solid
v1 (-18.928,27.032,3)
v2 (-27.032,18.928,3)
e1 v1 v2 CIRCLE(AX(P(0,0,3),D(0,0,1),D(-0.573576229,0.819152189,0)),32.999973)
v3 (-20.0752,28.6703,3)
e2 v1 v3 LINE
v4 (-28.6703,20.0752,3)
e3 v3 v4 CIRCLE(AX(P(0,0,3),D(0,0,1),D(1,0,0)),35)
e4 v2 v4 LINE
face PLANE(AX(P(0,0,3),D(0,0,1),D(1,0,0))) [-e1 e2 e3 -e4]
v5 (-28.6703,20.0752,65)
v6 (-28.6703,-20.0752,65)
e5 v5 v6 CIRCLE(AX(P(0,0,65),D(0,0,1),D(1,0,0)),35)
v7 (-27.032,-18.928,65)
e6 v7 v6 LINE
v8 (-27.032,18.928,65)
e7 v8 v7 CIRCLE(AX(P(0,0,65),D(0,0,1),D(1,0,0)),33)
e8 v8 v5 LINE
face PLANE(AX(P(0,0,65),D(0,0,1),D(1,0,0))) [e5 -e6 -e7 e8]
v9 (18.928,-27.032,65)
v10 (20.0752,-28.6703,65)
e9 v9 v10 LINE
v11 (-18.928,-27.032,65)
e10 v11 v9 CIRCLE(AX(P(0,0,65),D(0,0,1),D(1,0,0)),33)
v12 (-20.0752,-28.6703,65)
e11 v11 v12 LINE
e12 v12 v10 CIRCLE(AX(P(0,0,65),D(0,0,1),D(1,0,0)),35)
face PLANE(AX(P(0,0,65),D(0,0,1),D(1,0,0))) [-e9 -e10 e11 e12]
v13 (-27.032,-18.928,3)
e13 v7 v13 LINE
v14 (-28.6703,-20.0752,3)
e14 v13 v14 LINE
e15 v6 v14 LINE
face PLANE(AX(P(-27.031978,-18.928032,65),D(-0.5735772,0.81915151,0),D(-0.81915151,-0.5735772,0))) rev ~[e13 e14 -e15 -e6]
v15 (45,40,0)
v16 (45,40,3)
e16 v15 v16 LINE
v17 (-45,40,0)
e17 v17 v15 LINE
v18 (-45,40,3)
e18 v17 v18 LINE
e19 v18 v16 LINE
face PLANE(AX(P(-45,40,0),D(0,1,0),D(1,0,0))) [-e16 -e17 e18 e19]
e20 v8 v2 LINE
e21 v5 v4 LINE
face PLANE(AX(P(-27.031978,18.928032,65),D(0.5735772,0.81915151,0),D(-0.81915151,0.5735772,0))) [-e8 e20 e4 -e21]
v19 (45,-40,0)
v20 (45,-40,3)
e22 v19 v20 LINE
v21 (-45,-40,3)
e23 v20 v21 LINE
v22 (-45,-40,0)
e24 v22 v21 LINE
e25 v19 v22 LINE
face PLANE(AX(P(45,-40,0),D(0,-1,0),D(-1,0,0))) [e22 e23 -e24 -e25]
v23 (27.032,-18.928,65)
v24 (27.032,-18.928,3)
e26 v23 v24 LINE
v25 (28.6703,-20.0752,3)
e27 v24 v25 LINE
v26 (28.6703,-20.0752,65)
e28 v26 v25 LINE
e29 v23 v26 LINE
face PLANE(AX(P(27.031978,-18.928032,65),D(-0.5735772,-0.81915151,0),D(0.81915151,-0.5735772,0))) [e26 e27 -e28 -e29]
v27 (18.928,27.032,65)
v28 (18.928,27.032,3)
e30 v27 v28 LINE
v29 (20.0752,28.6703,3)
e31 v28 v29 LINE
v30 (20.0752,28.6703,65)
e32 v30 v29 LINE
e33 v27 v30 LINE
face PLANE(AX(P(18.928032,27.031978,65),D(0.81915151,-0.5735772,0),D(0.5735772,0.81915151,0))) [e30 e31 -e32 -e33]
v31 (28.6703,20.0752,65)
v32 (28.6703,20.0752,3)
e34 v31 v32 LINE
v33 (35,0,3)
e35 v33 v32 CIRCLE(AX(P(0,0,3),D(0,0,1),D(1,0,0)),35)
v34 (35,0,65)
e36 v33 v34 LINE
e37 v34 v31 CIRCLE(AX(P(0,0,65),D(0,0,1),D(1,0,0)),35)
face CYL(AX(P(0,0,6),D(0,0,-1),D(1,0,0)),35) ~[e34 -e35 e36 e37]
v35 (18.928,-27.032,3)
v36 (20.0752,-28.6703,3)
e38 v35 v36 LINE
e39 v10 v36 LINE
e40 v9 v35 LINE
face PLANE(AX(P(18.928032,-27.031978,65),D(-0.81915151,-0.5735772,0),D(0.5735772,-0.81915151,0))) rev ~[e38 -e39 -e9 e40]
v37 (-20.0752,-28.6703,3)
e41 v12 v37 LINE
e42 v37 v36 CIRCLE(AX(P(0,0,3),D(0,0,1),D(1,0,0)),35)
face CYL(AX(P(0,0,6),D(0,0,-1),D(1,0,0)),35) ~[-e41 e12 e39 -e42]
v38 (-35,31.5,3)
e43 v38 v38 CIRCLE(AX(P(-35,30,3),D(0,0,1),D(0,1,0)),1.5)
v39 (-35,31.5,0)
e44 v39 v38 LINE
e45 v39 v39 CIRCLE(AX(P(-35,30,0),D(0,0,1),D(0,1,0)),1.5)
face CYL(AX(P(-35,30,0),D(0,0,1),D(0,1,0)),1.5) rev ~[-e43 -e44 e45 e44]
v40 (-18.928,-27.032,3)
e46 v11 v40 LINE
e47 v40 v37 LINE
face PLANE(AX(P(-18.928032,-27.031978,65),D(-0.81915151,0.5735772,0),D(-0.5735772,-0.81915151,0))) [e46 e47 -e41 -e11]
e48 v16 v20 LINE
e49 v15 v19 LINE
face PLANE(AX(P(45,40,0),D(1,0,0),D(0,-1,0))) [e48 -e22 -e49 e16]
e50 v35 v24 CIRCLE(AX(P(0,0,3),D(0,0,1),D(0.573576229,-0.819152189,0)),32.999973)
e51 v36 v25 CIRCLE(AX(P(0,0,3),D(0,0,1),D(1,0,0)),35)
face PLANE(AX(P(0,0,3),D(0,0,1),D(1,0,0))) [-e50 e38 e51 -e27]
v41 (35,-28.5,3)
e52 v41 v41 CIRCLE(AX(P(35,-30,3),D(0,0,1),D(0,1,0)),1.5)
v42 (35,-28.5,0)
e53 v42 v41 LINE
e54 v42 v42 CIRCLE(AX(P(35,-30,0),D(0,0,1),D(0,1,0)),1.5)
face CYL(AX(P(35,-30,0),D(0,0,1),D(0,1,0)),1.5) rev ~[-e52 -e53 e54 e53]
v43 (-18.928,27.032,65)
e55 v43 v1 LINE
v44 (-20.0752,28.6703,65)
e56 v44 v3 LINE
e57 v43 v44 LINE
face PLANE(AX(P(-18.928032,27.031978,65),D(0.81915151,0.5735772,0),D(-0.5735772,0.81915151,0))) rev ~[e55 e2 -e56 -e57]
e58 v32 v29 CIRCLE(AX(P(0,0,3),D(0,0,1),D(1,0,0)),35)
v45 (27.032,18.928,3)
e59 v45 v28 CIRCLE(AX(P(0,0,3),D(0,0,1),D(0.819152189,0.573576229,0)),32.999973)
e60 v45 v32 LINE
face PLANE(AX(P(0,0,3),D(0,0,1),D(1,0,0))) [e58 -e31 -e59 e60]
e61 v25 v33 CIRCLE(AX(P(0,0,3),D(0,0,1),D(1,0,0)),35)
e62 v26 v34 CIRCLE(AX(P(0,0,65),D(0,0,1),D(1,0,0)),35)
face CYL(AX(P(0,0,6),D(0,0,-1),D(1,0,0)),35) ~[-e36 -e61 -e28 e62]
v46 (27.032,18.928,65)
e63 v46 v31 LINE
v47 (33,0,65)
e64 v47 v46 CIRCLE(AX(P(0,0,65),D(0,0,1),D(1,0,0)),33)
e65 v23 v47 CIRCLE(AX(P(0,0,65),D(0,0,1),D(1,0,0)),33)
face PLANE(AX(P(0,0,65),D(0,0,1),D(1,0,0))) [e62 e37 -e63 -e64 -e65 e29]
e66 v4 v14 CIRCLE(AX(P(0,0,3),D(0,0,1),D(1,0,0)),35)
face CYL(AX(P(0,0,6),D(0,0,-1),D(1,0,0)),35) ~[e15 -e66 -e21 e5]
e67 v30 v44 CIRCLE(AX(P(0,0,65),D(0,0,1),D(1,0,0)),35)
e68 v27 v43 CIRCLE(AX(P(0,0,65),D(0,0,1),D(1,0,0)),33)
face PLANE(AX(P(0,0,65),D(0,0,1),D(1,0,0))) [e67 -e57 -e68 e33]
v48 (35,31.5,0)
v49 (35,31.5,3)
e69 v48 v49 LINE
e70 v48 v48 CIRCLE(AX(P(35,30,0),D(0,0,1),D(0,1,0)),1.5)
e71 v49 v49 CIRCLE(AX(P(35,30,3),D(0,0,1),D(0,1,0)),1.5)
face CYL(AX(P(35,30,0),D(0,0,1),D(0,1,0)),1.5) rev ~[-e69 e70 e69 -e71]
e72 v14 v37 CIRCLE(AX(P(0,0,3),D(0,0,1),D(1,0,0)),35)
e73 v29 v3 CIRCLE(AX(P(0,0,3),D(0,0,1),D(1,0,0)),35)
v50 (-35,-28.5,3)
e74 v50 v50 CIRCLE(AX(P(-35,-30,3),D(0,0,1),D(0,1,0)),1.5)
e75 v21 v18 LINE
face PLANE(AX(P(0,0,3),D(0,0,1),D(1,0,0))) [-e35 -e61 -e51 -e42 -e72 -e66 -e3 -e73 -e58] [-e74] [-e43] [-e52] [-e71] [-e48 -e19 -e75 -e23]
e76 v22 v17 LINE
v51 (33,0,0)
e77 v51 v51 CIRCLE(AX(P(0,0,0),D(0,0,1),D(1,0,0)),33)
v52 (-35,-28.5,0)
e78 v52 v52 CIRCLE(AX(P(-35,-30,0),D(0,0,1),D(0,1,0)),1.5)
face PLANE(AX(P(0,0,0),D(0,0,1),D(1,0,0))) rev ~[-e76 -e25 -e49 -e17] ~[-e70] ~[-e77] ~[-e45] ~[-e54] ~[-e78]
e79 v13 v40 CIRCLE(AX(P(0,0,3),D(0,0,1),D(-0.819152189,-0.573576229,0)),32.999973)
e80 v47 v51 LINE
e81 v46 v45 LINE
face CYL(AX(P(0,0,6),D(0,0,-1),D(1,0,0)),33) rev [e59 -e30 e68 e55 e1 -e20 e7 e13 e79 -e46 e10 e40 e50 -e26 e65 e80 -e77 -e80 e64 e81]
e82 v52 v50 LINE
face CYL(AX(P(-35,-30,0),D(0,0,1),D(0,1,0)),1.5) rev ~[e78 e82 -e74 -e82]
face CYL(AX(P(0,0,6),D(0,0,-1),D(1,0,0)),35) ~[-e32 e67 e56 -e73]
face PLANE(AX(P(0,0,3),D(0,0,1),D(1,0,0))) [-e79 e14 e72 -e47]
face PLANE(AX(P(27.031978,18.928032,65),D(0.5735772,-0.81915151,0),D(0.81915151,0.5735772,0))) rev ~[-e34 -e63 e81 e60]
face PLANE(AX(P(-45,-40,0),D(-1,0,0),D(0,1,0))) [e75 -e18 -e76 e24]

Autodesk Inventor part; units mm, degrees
ref_plane "YZ Plane" through (0, 0, 0) normal (1, 0, 0) x (0, 1, 0)
ref_plane "XZ Plane" through (0, 0, 0) normal (0, 1, 0) x (-1, 0, 0)
ref_plane "XY Plane" through (0, 0, 0) normal (0, 0, 1) x (1, 0, 0)
sketch "スケッチ1" plane through (0, 0, 0) normal (0, 0, 1) x (1, 0, 0)
  circle A0 centre (0, 0) radius 35
  circle A1 centre (0, 0) radius 33
  line L0 (-45, 40) -> (45, 40)
  line L1 (45, 40) -> (45, -40)
  line L2 (45, -40) -> (-45, -40)
  line L3 (-45, -40) -> (-45, 40)
  line L4 (-45, 40) -> (45, -40) construction
  line L5 (45, 40) -> (-45, -40) construction
  dimension "d0" = 70
  dimension "d1" = 66
  dimension "d2" = 90
  dimension "d3" = 80
extrude "押し出し1" add sketch "スケッチ1" along normal blind 3 contours L0 L1 L2 L3
sketch "スケッチ2" plane through (0, 0, 3) normal (0, 0, 1) x (1, 0, 0)
  circle A0 centre (0, 0) radius 35 projected
  circle A1 centre (0, 0) radius 35
  circle A2 centre (0, 0) radius 33
  dimension "d6" = 66
extrude "押し出し2" add sketch "スケッチ2" along normal blind 3 and the other way blind 3
sketch "スケッチ3" plane through (0, 0, 6) normal (0, 0, 1) x (1, 0, 0)
  circle A0 centre (0, 0) radius 33 projected
  circle A1 centre (0, 0) radius 35 projected
extrude "押し出し3" add sketch "スケッチ3" along normal blind 59
sketch "スケッチ4" plane through (0, 0, 65) normal (0, 0, 1) x (1, 0, 0)
  circle A0 centre (0, 0) radius 33 projected
  circle A1 centre (0, 0) radius 35 projected
sketch "スケッチ5" plane through (0, 0, 0) normal (0, 0, -1) x (-1, 0, 0)
  line L0 (-45, 40) -> (-35, 40)
  line L1 (-35, 40) -> (-35, 30)
  line L2 (-35, 30) -> (-45, 30)
  line L3 (-45, 30) -> (-45, 40)
  line L4 (-45, -40) -> (-35, -40)
  line L5 (-35, -40) -> (-35, -30)
  line L6 (-35, -30) -> (-45, -30)
  line L7 (-45, -30) -> (-45, -40)
  line L8 (45, -40) -> (35, -40)
  line L9 (35, -40) -> (35, -30)
  line L10 (35, -30) -> (45, -30)
  line L11 (45, -30) -> (45, -40)
  line L12 (45, 40) -> (35, 40)
  line L13 (35, 40) -> (35, 30)
  line L14 (35, 30) -> (45, 30)
  line L15 (45, 30) -> (45, 40)
  dimension "d13" = 10
  dimension "d14" = 10
  dimension "d15" = 10
  dimension "d16" = 10
  dimension "d17" = 10
  dimension "d18" = 10
  dimension "d19" = 10
hole "穴1" at (35, 30, 0) at (-35, 30, 0) at (-35, -30, 0) at (35, -30, 0) direction (0, 0, 1) diameter 3 depth 8 tip angle 118
sketch "スケッチ6" plane through (0, 0, 65) normal (0, 0, 1) x (1, 0, 0)
  circle A0 centre (0, 0) radius 33 projected
  circle A1 centre (0, 0) radius 35 projected
  line L0 (0, 0) -> (28.6703, -20.0752)
  line L1 (0, 0) -> (35, 0) construction
  line L2 (0, 0) -> (20.0752, -28.6703)
  line L3 (0, 0) -> (35, 0) construction
  line L4 (0, 0) -> (-20.0752, -28.6703)
  line L5 (0, 0) -> (-28.6703, -20.0752)
  line L6 (0, 0) -> (-28.6703, 20.0752)
  line L7 (0, 0) -> (-20.0752, 28.6703)
  line L8 (0, 0) -> (20.0752, 28.6703)
  line L9 (0, 0) -> (28.6703, 20.0752)
  arc A2 (-20.0752, 28.6703) -> (-28.6703, 20.0752) centre (0, 0) ccw
  arc A3 (-18.928, 27.032) -> (-27.032, 18.928) centre (0, 0) ccw
  arc A4 (-27.032, -18.928) -> (-18.928, -27.032) centre (0, 0) ccw
  arc A5 (-28.6703, -20.0752) -> (-20.0752, -28.6703) centre (0, 0) ccw
  arc A6 (18.928, -27.032) -> (27.032, -18.928) centre (0, 0) ccw
  arc A7 (27.032, 18.928) -> (18.928, 27.032) centre (0, 0) ccw
  arc A8 (20.0752, -28.6703) -> (28.6703, -20.0752) centre (0, 0) ccw
  arc A9 (28.6703, 20.0752) -> (20.0752, 28.6703) centre (0, 0) ccw
  dimension "d27" = 35
  dimension "d28" = 55
  dimension "d31" = 360
extrude "押し出し4" cut sketch "スケッチ6" against normal blind 62 contours A0 L8 A1 L9 | L0 A1 L2 A0 | A0 L6 A1 L7 | L4 A1 L5 A0
properties part number "知能ロボコン発射口ver2.1"
